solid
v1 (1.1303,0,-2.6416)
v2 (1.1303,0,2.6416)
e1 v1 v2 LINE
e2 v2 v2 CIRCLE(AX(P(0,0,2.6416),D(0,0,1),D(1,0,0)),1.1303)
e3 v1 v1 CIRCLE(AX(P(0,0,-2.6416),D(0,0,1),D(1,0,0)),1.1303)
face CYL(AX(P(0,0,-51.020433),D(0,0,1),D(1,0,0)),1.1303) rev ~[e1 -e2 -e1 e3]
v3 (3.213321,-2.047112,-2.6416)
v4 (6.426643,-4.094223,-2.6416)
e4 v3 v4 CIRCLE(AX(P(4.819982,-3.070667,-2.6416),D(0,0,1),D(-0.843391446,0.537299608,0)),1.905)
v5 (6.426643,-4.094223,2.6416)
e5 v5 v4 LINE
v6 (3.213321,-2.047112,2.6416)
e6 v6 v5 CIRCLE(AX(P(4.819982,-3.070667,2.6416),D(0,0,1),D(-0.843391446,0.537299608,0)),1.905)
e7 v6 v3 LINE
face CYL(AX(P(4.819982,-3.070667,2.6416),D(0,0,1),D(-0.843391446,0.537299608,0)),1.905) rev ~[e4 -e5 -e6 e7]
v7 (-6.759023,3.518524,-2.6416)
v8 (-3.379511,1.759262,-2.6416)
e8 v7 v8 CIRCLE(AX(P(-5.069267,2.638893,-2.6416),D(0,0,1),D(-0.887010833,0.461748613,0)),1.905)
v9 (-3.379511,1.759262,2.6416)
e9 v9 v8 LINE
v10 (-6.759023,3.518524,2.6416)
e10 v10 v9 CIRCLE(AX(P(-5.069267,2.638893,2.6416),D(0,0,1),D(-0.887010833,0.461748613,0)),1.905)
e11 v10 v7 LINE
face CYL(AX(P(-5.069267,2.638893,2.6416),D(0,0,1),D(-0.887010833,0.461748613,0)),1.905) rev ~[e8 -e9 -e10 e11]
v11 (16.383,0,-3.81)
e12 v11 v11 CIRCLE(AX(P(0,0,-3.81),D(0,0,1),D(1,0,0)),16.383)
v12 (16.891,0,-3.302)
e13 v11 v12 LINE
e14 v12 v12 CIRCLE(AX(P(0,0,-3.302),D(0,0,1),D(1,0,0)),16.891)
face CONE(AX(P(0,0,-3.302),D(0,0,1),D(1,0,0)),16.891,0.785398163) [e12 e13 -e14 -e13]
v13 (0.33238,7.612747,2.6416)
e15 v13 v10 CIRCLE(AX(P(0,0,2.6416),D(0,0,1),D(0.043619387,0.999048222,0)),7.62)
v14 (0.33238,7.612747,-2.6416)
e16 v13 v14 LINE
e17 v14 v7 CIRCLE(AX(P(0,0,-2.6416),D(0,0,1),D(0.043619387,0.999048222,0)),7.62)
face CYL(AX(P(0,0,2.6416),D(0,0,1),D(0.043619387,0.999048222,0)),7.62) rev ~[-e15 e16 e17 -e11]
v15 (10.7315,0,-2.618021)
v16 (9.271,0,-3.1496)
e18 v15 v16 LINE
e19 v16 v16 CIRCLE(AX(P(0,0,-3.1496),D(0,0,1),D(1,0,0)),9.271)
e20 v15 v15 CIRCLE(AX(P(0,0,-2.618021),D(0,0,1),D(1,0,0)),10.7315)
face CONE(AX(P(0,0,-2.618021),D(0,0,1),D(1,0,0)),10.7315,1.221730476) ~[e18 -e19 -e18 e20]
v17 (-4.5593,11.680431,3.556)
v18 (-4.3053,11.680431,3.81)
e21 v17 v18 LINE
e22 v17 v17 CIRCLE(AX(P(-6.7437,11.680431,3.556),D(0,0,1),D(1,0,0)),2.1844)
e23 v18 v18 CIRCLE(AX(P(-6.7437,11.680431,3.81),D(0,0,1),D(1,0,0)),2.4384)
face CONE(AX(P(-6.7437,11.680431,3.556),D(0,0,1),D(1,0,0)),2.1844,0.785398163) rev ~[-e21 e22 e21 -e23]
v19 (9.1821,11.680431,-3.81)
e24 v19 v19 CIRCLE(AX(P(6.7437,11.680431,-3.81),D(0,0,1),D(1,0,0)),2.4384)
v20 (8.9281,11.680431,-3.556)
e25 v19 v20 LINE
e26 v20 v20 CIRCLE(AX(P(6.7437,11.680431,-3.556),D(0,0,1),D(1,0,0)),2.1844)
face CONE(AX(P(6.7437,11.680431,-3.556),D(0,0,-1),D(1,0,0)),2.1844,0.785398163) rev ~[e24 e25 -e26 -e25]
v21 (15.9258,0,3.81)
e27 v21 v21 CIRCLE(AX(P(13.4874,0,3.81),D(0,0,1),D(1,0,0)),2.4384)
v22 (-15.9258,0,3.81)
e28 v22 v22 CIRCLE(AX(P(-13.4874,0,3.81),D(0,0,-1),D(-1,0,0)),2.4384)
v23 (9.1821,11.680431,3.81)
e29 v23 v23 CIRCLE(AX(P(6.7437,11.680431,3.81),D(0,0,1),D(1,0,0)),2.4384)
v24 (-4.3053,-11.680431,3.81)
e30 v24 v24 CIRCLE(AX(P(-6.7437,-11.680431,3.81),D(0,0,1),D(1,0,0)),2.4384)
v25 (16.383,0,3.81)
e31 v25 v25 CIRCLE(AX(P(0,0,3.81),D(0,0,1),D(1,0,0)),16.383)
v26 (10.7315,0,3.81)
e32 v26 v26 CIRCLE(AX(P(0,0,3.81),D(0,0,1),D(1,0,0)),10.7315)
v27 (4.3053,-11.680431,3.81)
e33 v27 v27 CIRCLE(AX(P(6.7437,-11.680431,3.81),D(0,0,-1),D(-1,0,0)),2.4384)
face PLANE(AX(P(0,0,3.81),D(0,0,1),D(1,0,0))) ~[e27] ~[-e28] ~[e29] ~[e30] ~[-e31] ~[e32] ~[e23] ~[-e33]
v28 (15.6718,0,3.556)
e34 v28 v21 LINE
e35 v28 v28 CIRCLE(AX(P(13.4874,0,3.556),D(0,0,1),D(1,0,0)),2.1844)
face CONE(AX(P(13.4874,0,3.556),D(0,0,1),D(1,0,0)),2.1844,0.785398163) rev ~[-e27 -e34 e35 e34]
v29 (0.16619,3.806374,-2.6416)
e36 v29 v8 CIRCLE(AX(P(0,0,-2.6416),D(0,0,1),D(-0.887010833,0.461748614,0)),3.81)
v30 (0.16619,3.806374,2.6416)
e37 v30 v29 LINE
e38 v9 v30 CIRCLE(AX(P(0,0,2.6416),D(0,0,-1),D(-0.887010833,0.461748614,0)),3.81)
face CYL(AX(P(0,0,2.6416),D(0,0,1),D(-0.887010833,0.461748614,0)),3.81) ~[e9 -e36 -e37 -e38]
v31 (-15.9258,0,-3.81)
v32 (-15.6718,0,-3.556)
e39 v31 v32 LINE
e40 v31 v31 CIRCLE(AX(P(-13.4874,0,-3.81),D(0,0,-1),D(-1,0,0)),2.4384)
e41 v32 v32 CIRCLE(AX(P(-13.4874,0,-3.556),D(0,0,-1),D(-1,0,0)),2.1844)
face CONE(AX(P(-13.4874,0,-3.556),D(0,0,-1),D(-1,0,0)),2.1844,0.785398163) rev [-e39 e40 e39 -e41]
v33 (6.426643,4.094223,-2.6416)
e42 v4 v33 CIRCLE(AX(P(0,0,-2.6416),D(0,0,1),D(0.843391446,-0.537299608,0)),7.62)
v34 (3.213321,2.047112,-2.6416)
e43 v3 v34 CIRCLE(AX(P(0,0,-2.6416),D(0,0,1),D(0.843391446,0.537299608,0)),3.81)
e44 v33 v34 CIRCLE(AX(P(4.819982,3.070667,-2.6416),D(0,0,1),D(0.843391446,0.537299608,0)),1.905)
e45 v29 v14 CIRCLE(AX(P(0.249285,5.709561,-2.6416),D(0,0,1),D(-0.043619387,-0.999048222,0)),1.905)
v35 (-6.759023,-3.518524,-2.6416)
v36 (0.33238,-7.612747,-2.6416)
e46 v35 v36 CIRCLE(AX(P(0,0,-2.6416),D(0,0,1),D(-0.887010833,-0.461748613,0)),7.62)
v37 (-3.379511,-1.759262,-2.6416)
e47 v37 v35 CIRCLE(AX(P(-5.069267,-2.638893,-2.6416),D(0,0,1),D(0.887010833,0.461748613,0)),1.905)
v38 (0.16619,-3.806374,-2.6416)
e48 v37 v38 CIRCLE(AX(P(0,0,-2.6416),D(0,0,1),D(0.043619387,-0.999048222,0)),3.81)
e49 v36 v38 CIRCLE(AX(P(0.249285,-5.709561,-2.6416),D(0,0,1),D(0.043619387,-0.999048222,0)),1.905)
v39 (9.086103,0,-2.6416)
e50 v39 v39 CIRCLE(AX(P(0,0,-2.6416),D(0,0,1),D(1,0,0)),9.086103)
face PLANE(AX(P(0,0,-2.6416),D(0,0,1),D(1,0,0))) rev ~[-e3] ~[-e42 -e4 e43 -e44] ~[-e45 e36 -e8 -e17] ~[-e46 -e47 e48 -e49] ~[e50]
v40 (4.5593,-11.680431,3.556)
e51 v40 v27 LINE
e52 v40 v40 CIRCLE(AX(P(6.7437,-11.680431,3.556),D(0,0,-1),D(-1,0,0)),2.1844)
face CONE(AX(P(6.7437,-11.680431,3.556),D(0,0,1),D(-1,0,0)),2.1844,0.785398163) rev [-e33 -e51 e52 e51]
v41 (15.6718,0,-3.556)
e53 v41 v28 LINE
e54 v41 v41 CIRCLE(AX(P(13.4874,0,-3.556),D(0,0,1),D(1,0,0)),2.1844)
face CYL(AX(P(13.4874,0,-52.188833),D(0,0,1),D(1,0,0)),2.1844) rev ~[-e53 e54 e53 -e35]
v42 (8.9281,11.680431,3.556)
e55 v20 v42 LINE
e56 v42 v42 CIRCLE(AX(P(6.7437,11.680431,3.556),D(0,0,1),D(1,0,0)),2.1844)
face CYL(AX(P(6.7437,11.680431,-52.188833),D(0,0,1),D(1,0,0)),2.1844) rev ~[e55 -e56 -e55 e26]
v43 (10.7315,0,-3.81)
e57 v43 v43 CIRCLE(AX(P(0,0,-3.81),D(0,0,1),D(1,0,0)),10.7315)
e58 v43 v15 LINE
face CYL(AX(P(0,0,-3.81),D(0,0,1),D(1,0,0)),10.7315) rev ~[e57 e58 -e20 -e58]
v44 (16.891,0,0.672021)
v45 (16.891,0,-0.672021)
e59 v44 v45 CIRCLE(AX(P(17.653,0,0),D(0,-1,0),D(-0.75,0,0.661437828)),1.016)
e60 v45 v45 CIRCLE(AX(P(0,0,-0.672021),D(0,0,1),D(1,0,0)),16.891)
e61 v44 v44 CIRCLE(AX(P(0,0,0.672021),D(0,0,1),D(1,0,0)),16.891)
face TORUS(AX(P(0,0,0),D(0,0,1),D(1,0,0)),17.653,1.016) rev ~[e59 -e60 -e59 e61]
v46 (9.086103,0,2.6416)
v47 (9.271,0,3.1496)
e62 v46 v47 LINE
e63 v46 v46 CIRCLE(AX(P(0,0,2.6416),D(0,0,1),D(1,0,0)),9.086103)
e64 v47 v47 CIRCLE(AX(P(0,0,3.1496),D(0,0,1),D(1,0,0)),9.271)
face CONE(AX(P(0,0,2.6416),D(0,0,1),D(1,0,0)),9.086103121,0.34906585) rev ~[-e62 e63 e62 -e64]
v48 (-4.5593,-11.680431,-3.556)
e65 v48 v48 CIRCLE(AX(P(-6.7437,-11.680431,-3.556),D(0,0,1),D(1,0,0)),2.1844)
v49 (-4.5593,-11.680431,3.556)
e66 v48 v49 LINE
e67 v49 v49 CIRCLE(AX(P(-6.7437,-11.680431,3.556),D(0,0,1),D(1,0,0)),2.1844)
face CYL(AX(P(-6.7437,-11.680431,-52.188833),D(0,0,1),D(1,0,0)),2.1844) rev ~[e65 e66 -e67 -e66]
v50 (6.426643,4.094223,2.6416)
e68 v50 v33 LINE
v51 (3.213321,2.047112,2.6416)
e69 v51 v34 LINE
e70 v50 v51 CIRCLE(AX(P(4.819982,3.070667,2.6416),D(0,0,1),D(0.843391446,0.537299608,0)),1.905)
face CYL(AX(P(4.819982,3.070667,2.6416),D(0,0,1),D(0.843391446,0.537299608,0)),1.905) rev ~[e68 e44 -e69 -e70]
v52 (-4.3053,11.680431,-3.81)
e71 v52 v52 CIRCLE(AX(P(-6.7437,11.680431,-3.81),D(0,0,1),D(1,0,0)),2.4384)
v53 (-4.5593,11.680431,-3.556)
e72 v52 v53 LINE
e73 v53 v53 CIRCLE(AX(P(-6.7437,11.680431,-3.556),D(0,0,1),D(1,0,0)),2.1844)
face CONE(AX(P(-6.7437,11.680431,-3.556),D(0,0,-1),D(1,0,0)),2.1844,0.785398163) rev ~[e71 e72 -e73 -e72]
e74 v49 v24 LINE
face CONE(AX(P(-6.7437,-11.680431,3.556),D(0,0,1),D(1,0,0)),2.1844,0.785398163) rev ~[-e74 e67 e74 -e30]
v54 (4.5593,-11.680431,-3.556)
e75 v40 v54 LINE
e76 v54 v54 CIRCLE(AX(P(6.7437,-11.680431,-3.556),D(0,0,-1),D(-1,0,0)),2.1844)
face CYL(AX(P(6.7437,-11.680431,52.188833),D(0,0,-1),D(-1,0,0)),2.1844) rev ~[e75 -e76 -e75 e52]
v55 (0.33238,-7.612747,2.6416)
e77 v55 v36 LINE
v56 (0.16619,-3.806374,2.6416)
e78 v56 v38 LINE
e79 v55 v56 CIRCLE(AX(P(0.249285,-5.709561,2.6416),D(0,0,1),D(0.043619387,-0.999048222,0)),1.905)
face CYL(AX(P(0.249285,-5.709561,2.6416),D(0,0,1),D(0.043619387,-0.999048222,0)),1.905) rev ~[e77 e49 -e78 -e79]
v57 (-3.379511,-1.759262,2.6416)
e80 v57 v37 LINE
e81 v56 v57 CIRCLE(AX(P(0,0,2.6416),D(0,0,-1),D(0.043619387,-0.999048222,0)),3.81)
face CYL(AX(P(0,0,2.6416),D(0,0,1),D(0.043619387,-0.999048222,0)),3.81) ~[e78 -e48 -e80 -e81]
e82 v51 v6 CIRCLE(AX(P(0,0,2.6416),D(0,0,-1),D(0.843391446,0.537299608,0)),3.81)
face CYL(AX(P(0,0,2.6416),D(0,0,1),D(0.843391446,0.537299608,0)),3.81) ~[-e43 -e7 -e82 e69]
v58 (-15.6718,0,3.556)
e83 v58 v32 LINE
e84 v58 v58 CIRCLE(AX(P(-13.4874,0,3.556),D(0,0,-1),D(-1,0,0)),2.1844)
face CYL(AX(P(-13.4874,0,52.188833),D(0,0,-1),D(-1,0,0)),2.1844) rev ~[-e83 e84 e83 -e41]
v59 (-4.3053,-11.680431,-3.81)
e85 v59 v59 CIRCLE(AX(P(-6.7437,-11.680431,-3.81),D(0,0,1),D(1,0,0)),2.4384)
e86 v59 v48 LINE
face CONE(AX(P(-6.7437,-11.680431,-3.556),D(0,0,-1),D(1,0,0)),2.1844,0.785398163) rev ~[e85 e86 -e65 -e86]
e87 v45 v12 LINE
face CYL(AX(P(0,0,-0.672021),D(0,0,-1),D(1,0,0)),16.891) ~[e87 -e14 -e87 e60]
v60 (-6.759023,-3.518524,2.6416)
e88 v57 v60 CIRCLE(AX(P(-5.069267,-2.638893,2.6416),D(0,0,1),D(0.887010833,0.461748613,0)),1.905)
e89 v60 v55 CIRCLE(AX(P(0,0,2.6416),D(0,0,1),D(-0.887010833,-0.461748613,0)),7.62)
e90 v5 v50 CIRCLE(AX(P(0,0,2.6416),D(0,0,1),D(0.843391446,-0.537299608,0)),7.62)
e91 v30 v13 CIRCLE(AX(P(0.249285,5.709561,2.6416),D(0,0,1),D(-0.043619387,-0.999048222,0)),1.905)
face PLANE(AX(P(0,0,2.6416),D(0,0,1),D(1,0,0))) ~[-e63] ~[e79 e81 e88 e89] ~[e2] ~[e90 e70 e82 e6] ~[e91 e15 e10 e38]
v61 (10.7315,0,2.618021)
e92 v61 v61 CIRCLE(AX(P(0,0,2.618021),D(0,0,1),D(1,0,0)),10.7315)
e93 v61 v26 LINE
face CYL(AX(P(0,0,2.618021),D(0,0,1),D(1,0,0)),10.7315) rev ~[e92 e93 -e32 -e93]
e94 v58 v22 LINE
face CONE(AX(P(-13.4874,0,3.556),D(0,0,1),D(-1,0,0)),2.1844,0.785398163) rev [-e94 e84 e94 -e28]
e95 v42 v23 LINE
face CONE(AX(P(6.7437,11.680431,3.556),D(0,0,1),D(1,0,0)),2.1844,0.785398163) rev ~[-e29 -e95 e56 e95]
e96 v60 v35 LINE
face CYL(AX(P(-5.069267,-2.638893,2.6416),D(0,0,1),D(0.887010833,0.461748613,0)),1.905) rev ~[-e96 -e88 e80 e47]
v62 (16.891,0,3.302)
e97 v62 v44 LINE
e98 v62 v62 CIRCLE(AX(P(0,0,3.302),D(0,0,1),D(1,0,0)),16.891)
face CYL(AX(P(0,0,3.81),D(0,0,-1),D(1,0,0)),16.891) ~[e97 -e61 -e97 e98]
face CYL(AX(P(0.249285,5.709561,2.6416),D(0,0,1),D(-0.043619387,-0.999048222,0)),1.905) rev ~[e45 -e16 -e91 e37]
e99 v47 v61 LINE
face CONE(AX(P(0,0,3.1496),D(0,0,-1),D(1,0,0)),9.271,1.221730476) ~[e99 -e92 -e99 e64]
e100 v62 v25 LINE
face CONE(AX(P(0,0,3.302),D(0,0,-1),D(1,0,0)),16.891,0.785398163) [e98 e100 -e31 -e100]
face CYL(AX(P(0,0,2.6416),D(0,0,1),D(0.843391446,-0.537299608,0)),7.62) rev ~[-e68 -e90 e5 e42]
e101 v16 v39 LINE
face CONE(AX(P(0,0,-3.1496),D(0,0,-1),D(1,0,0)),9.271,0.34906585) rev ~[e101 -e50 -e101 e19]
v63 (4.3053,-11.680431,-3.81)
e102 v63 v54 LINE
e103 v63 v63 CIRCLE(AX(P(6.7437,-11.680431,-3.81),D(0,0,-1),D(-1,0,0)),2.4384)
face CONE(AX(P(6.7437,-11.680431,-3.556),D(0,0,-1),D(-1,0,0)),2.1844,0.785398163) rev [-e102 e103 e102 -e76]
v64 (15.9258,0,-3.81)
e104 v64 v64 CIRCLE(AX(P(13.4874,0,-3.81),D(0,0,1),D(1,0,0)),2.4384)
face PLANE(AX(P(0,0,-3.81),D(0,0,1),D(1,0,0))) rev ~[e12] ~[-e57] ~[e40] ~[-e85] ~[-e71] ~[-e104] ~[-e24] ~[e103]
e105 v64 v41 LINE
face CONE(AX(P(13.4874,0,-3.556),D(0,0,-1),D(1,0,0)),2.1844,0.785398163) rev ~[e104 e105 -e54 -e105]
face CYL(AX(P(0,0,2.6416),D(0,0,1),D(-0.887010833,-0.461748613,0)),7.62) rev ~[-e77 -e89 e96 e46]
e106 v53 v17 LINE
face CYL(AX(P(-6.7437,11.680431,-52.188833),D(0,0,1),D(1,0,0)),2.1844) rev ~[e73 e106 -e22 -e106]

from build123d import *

# Parameters (mm, degrees)
M4_CLEARANCE_HOLE1_D      = 4.3688
M4_CLEARANCE_HOLE2_D      = 4.3688
CHAMFER1_SIZE             = 0.254
CHAMFER2_SIZE             = 0.508
TAP_DRILL_FOR_4_40_TAP1_D = 2.2606
CUT_EXTRUDE1_DEPTH        = 25.743381025
CIRPATTERN1_COUNT         = 3


with BuildPart() as part:
    # Sketch1 → Revolve1 (revolve)
    with BuildSketch(Plane(origin=(0, 0, 0), x_dir=(1, 0, 0), z_dir=(0, 1, 0))):
        with BuildLine():
            Line((9.086103121, 2.6416), (0, 2.6416))
            Line((0, 2.6416), (0, -2.6416))
            Line((0, -2.6416), (9.086103121, -2.6416))
            Line((9.086103121, -2.6416), (9.271, -3.1496))
            Line((9.271, -3.1496), (10.7315, -2.618021473))
            Line((10.7315, -2.618021473), (10.7315, -3.81))
            Line((10.7315, -3.81), (16.891, -3.81))
            Line((16.891, -3.81), (16.891, -0.672020833))
            ThreePointArc((16.891, -0.672020833), (16.637, 0), (16.891, 0.672020833))
            Line((16.891, 0.672020833), (16.891, 3.81))
            Line((16.891, 3.81), (10.7315, 3.81))
            Line((10.7315, 3.81), (10.7315, 2.618021473))
            Line((10.7315, 2.618021473), (9.271, 3.1496))
            Line((9.271, 3.1496), (9.086103121, 2.6416))
        make_face()
    revolve(axis=Axis((0, 0, -3.81), (0, 0, 1)))

    # M4 Clearance Hole1 (through all)
    with Locations(Plane(origin=(0, 0, -3.81), x_dir=(-1, 0, 0), z_dir=(0, 0, -1))):
        with Locations((6.7437, -11.680431031), (6.7437, 11.680431031), (-6.7437, 11.680431031), (-13.4874, 0)):
            Hole(M4_CLEARANCE_HOLE1_D / 2)

    # M4 Clearance Hole2 (through all)
    with Locations(Plane.XY.offset(3.81)):
        with Locations((6.7437, -11.680431031), (-13.4874, 0)):
            Hole(M4_CLEARANCE_HOLE2_D / 2)

    # Chamfer1
    chamfer1_edges = [part.edges().sort_by_distance(p)[0] for p in [
        (11.303, 0, -3.81),
        (11.303, 0, 3.81),
        (4.5593, 11.680431031, -3.81),
        (4.5593, 11.680431031, 3.81),
        (-8.9281, 11.680431031, -3.81),
        (-8.9281, 11.680431031, 3.81),
        (-8.9281, -11.680431031, -3.81),
        (-8.9281, -11.680431031, 3.81),
        (-11.303, 0, 3.81),
        (-11.303, 0, -3.81),
        (8.9281, -11.680431031, 3.81),
        (8.9281, -11.680431031, -3.81),
    ]]
    chamfer(chamfer1_edges, length=CHAMFER1_SIZE)

    # Chamfer2
    chamfer2_edges = [part.edges().sort_by_distance(p)[0] for p in [
        (-16.891, 0, 3.81),
        (-16.891, 0, -3.81),
    ]]
    chamfer(chamfer2_edges, length=CHAMFER2_SIZE)

    # Tap Drill for #4-40 Tap1 (through all)
    with Locations(Plane(origin=(0, 0, -2.6416), x_dir=(-1, 0, 0), z_dir=(0, 0, -1))):
        with Locations((0, 0)):
            Hole(TAP_DRILL_FOR_4_40_TAP1_D / 2)

    # Sketch10 → Cut-Extrude1 (cut, through all)
    with BuildSketch(Plane.XY.offset(2.6416)):
        with BuildLine():
            ThreePointArc((6.426642817, -4.094223016), (7.62, 0), (6.426642817, 4.094223016))
            ThreePointArc((6.426642817, 4.094223016), (3.796426359, 4.677327966), (3.213321409, 2.047111508))
            ThreePointArc((3.213321409, 2.047111508), (3.81, 0), (3.213321409, -2.047111508))
            ThreePointArc((3.213321409, -2.047111508), (3.796426359, -4.677327966), (6.426642817, -4.094223016))
        make_face()
    cut_extrude1 = extrude(amount=-CUT_EXTRUDE1_DEPTH, mode=Mode.SUBTRACT)

    # CirPattern1: Cut-Extrude1 ×3 about axis
    cirpattern1_axis = Axis((0, 0, 0), (0, 0, 1))
    for i in range(1, CIRPATTERN1_COUNT):
        add(cut_extrude1.rotate(cirpattern1_axis, i * 360 / CIRPATTERN1_COUNT), mode=Mode.SUBTRACT)


solid = part.part
